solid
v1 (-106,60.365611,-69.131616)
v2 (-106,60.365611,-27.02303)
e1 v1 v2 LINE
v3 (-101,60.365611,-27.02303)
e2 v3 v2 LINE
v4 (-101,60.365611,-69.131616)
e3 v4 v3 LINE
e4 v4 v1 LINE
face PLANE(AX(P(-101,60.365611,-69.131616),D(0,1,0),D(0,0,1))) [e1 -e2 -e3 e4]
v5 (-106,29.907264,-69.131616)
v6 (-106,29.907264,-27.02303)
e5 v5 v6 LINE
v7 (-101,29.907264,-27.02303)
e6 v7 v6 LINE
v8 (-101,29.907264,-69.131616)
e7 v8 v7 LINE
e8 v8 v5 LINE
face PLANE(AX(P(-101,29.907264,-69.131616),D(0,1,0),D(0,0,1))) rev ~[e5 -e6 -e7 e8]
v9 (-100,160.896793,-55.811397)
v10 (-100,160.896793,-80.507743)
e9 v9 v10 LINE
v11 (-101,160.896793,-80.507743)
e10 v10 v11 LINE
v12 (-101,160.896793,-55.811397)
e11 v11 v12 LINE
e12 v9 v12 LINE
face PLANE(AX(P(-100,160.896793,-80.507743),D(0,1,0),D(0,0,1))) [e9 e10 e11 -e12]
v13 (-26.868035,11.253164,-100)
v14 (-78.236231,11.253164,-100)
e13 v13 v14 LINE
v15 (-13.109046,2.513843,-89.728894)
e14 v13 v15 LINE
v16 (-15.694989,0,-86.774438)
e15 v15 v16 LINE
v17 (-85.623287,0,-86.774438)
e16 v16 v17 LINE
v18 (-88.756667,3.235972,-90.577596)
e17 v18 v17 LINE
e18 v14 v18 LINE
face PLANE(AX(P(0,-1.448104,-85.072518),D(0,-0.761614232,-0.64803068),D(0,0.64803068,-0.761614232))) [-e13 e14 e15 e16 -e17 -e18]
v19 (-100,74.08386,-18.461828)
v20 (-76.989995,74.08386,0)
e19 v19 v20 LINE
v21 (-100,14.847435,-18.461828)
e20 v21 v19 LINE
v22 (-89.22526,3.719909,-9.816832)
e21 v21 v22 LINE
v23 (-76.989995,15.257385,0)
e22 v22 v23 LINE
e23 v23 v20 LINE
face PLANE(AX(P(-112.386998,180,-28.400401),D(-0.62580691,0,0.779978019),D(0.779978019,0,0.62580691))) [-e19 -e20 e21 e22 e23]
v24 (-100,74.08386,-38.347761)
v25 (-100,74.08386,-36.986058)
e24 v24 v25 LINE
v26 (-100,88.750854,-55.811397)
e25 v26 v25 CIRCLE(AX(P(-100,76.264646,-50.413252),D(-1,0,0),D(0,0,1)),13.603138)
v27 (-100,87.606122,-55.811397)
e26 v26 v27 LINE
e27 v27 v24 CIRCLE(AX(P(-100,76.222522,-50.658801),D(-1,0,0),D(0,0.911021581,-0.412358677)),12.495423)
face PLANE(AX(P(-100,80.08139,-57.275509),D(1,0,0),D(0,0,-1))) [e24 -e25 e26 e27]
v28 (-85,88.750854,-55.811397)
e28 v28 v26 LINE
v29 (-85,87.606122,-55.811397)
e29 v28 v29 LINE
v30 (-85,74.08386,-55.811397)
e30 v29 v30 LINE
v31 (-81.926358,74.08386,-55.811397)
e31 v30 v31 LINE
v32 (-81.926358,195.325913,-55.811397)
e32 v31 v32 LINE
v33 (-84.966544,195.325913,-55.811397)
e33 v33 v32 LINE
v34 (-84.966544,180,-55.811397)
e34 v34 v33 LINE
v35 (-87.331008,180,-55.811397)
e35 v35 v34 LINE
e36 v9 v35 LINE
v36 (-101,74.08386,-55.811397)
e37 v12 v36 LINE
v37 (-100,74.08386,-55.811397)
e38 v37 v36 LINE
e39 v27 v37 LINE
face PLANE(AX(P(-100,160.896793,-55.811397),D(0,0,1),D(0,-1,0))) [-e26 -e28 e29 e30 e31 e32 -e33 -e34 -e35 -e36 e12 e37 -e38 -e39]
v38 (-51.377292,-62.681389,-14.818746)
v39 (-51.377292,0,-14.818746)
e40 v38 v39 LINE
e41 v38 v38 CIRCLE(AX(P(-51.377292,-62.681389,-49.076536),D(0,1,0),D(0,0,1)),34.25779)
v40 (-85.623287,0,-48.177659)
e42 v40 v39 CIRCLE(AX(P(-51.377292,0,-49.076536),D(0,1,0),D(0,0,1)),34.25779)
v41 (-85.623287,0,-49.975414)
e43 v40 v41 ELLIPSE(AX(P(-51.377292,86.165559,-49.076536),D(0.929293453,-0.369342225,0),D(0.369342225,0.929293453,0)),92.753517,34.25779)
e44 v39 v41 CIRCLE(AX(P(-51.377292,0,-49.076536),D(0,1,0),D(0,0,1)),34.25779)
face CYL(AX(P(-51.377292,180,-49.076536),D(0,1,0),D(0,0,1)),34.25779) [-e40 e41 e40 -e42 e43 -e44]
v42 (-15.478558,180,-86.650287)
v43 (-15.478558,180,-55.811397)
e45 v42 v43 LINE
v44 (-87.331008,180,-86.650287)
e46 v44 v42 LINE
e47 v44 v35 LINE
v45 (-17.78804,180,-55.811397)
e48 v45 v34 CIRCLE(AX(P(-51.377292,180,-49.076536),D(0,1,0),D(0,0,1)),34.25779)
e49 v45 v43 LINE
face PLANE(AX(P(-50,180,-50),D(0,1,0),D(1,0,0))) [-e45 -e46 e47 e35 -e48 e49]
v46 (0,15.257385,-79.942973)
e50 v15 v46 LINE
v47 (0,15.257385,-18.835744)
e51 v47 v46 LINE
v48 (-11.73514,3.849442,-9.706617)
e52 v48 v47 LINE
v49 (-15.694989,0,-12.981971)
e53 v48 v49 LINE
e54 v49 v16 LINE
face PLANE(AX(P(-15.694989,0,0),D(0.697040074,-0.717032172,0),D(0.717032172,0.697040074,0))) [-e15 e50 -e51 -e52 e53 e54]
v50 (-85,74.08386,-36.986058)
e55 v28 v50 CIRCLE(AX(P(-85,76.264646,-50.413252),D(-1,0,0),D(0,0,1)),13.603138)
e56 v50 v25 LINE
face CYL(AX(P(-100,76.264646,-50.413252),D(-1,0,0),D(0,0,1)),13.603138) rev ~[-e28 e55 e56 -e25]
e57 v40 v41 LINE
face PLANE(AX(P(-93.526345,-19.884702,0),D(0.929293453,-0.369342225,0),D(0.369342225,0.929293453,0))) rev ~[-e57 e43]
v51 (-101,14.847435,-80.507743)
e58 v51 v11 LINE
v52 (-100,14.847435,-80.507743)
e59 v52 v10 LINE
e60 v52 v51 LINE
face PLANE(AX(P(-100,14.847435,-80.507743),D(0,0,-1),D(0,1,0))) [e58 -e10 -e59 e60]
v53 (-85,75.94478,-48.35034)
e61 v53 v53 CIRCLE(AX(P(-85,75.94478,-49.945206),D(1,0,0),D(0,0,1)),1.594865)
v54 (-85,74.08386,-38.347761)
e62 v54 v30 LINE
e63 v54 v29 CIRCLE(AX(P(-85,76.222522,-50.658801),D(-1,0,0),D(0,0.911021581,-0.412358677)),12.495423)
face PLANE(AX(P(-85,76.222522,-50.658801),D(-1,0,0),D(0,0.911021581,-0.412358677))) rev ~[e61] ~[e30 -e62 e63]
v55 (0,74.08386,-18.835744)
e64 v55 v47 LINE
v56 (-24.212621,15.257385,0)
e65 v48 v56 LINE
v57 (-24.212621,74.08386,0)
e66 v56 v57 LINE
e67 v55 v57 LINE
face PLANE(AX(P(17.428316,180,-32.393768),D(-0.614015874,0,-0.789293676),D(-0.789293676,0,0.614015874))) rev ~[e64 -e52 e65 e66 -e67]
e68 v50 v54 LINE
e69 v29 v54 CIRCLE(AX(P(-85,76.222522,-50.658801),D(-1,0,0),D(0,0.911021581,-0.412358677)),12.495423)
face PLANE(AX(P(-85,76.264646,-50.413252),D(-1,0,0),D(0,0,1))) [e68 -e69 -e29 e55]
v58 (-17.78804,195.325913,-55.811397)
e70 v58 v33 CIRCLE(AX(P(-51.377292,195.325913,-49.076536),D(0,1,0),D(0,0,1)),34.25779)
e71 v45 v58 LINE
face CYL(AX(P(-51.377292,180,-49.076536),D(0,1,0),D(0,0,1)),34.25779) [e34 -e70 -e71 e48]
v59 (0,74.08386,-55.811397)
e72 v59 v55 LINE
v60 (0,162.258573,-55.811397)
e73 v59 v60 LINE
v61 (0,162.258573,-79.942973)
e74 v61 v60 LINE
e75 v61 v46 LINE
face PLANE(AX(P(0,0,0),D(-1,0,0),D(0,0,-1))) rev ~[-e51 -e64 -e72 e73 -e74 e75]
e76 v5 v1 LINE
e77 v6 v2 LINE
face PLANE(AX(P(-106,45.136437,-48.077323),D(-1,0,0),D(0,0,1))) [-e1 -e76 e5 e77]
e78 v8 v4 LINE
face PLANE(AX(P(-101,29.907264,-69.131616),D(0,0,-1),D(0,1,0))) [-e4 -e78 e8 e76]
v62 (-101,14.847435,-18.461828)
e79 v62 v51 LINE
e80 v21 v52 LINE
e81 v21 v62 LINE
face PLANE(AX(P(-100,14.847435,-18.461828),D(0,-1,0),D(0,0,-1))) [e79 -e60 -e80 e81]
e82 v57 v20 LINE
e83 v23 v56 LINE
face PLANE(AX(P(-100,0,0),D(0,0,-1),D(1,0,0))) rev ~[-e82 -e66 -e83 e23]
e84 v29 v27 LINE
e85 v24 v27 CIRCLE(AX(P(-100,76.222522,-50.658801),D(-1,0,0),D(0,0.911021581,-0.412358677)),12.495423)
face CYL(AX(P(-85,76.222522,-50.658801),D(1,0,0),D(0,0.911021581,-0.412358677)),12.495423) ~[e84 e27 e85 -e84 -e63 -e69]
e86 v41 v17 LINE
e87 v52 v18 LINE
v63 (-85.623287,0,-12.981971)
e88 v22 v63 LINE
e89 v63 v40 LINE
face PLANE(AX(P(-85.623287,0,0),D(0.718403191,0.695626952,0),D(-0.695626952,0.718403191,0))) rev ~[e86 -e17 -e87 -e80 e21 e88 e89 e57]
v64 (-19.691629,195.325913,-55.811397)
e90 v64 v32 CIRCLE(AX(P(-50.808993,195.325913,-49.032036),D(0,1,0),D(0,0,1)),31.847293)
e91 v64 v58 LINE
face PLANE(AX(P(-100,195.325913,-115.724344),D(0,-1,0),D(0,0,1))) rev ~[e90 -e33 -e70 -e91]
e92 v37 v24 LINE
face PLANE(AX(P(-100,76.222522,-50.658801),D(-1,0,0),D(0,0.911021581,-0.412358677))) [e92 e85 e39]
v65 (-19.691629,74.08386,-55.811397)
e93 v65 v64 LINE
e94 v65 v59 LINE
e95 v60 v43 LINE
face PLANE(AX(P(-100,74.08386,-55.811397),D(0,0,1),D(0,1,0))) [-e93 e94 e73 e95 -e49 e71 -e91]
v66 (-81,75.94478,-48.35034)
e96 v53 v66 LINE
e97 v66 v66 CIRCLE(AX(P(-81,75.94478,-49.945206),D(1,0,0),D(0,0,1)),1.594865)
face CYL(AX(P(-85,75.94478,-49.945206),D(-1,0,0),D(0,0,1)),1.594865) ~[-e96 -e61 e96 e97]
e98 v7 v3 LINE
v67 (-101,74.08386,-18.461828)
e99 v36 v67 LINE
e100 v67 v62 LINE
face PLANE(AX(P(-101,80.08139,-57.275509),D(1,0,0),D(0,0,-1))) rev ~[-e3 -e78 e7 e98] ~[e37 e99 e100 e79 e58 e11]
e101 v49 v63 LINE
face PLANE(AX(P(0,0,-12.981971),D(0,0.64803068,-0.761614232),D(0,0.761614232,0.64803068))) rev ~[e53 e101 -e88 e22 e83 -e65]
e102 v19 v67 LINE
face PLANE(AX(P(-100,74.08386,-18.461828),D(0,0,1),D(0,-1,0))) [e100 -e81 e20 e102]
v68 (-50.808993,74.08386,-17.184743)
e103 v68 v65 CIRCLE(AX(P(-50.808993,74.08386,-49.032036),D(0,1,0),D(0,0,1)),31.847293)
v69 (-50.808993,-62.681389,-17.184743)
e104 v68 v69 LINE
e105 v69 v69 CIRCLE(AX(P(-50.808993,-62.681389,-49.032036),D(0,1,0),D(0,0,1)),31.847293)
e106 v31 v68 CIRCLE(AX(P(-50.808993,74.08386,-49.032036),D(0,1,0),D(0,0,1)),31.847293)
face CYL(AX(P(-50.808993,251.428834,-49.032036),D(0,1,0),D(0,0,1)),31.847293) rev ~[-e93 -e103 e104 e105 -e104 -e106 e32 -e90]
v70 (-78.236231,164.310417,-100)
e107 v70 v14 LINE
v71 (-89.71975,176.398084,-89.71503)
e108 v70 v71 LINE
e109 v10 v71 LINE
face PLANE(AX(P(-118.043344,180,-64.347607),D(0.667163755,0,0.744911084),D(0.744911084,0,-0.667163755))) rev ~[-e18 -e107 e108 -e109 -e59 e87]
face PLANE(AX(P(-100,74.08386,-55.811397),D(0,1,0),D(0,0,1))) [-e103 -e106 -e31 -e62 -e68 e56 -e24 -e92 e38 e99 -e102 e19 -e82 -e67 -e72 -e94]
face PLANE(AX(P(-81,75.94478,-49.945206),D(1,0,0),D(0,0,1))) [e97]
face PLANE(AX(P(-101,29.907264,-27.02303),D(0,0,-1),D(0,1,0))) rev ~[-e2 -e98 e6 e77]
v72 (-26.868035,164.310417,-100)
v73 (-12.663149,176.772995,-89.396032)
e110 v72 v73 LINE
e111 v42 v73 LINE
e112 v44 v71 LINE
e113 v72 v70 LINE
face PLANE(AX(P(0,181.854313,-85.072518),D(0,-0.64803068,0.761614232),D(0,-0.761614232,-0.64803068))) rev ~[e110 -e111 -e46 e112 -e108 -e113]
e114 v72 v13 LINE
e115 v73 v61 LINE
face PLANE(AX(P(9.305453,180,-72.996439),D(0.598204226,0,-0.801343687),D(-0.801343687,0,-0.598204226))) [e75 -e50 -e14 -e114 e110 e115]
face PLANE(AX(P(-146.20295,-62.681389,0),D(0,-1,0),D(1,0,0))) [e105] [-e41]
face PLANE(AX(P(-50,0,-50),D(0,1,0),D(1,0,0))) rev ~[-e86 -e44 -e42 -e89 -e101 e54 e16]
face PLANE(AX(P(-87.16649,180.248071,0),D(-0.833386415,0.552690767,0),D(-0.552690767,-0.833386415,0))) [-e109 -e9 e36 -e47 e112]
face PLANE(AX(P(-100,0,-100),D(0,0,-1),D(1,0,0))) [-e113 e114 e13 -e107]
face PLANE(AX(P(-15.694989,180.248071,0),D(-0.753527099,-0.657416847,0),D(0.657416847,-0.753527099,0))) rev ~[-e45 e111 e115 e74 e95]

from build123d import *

# Parameters (mm, degrees)
SKETCH1_W           = 100
SKETCH1_H           = 100
BOSS_EXTRUDE1_DEPTH = 180
SKETCH2_R           = 34.257790197
BOSS_EXTRUDE2_DEPTH = 350
SKETCH3_W           = 152.006357392
SKETCH3_H           = 282.452416457
CUT_EXTRUDE2_DEPTH  = 400
CUT_EXTRUDE3_DEPTH  = 400
CUT_EXTRUDE4_DEPTH  = 400
CUT_EXTRUDE5_DEPTH  = 400
SKETCH7_W           = 160.159381639
SKETCH7_H           = 147.362276113
CUT_EXTRUDE6_DEPTH  = 400
SKETCH8_W           = 147.310744502
SKETCH8_H           = 162.038906966
CUT_EXTRUDE7_DEPTH  = 400
SKETCH9_R           = 31.847293423
CUT_EXTRUDE8_DEPTH  = 400
SKETCH10_W          = 140.220962397
SKETCH10_H          = 212.033531124
CUT_EXTRUDE9_DEPTH  = 400
SKETCH11_R          = 13.603137886
CUT_EXTRUDE11_DEPTH = 15
SKETCH12_R          = 12.495422516
BOSS_EXTRUDE3_DEPTH = 15
SKETCH13_R          = 1.594865099
BOSS_EXTRUDE4_DEPTH = 4
SKETCH14_W          = 100.74862993
SKETCH14_H          = 110.555003588
CUT_EXTRUDE13_DEPTH = 400
BOSS_EXTRUDE5_DEPTH = 1
SKETCH16_W          = 42.108585165
SKETCH16_H          = 30.458347221
BOSS_EXTRUDE6_DEPTH = 5


with BuildPart() as part:
    # Sketch1 → Boss-Extrude1 (new body)
    with BuildSketch(Plane(origin=(0, 0, 0), x_dir=(1, 0, 0), z_dir=(0, 1, 0))):
        with Locations((-50, 50)):
            Rectangle(SKETCH1_W, SKETCH1_H)
    extrude(amount=BOSS_EXTRUDE1_DEPTH)

    # Sketch2 → Boss-Extrude2 (add, symmetric)
    with BuildSketch(Plane(origin=(0, 180, 0), x_dir=(1, 0, 0), z_dir=(0, 1, 0))):
        with Locations(Location((-51.377291833, 49.076536384, 0), (0, 0, 270))):
            Circle(SKETCH2_R)
    extrude(amount=BOSS_EXTRUDE2_DEPTH, both=True)

    # Sketch3 → Cut-Extrude2 (cut)
    with BuildSketch(Plane(origin=(0, 0, 0), x_dir=(0, 0, -1), z_dir=(1, 0, 0))):
        with Locations((57.419900112, 502.274302507)):
            Rectangle(SKETCH3_W, SKETCH3_H)
    extrude(amount=-CUT_EXTRUDE2_DEPTH, mode=Mode.SUBTRACT)

    # Sketch4 → Cut-Extrude3 (cut)
    with BuildSketch(Plane(origin=(0, 0, 0), x_dir=(0, 0, -1), z_dir=(1, 0, 0))):
        Polygon((12.981970869, 0), (-8.994244796, 25.828096003), (-18.564506014, -15.259465835), align=None)
        Polygon((85.072517936, -1.448103984), (109.237639161, 19.113145112), (115.920034239, -3.267382694), align=None)
        Polygon((12.981970869, 180), (-8.994244796, 148.537596011), (-15.418178585, 193.219274892), align=None)
        Polygon((85.072517936, 181.854312784), (103.841225373, 159.795920888), (106.132549481, 198.647393934), align=None)
    extrude(amount=-CUT_EXTRUDE3_DEPTH, mode=Mode.SUBTRACT)

    # Sketch5 → Cut-Extrude4 (cut)
    with BuildSketch(Plane.XY):
        Polygon((-85.623287335, 0), (-106.370377984, 21.426392531), (-122.288861874, 3.209259887), (-93.526345261, -19.884701759), align=None)
        Polygon((-15.694988751, 0), (0, 15.257385304), (12.122677088, 15.257385304), (10.563067769, -19.884701759), align=None)
        Polygon((-87.166490339, 180.248071029), (-106.370377984, 151.29108453), (-117.705469457, 200.501115102), align=None)
        Polygon((-15.694988751, 180.248071029), (7.833767065, 153.279557508), (0, 193.941208308), align=None)
    extrude(amount=-CUT_EXTRUDE4_DEPTH, mode=Mode.SUBTRACT)

    # Sketch6 → Cut-Extrude5 (cut)
    with BuildSketch(Plane(origin=(0, 180, 0), x_dir=(1, 0, 0), z_dir=(0, 1, 0))):
        Polygon((-112.386997555, 28.400400964), (-64.261264503, -10.212759359), (-84.406366528, -15.51192827), (-124.649689542, -15.51192827), align=None)
        Polygon((-97.065537028, 135.861756084), (-119.37552445, 77.792688888), (-118.043343626, 64.347606737), (-66.428694172, 110.575168787), align=None)
        Polygon((-24.69640689, -21.815840769), (11.092108798, -8.97361337), (17.428316417, 32.393768119), (-38.531576846, -11.139157378), align=None)
        Polygon((-17.445484601, 140.804394854), (35.417473102, 107.262520599), (9.305452855, 72.996438725), (-31.724385352, 103.625272537), align=None)
    extrude(amount=-CUT_EXTRUDE5_DEPTH, mode=Mode.SUBTRACT)

    # Sketch7 → Cut-Extrude6 (cut)
    with BuildSketch(Plane.XY):
        with Locations((-66.123258915, -136.36252694)):
            Rectangle(SKETCH7_W, SKETCH7_H)
    extrude(amount=-CUT_EXTRUDE6_DEPTH, mode=Mode.SUBTRACT)

    # Sketch8 → Cut-Extrude7 (cut)
    with BuildSketch(Plane.XY):
        with Locations((-53.541153336, 332.448287589)):
            Rectangle(SKETCH8_W, SKETCH8_H)
    extrude(amount=-CUT_EXTRUDE7_DEPTH, mode=Mode.SUBTRACT)

    # Sketch9 → Cut-Extrude8 (cut)
    with BuildSketch(Plane(origin=(0, 251.428834106, 0), x_dir=(1, 0, 0), z_dir=(0, 1, 0))):
        with Locations(Location((-50.808993157, 49.032036374, 0), (0, 0, 270))):
            Circle(SKETCH9_R)
    extrude(amount=-CUT_EXTRUDE8_DEPTH, mode=Mode.SUBTRACT)

    # Sketch10 → Cut-Extrude9 (cut)
    with BuildSketch(Plane.ZY.offset(100)):
        with Locations((14.299084536, 180.100625535)):
            Rectangle(SKETCH10_W, SKETCH10_H)
    extrude(amount=-CUT_EXTRUDE9_DEPTH, mode=Mode.SUBTRACT)

    # Sketch11 → Cut-Extrude11 (cut)
    with BuildSketch(Plane.ZY.offset(100)):
        with Locations((-50.413251954, 76.264646142)):
            Circle(SKETCH11_R)
    extrude(amount=-CUT_EXTRUDE11_DEPTH, mode=Mode.SUBTRACT)

    # Sketch12 → Boss-Extrude3 (add)
    with BuildSketch(Plane.ZY.offset(85)):
        with Locations(Location((-50.658800768, 76.222522328, 0), (0, 0, 114.353089558))):
            Circle(SKETCH12_R)
    extrude(amount=BOSS_EXTRUDE3_DEPTH)

    # Sketch13 → Boss-Extrude4 (add)
    with BuildSketch(Plane(origin=(-85, 0, 0), x_dir=(0, 0, -1), z_dir=(1, 0, 0))):
        with Locations(Location((49.945205578, 75.944780088, 0), (0, 0, 180))):
            Circle(SKETCH13_R)
    extrude(amount=BOSS_EXTRUDE4_DEPTH)

    # Sketch14 → Cut-Extrude13 (cut)
    with BuildSketch(Plane.ZY.offset(100)):
        with Locations((-65.350029467, 250.603414818)):
            Rectangle(SKETCH14_W, SKETCH14_H)
    extrude(amount=-CUT_EXTRUDE13_DEPTH, mode=Mode.SUBTRACT)

    # Sketch15 → Boss-Extrude5 (add)
    with BuildSketch(Plane.ZY.offset(100)):
        Polygon((-18.461827727, 14.847435435), (-80.507743362, 14.847435435), (-80.507743362, 160.896793159), (-55.811396663, 160.896793159), (-55.811396663, 74.083859973), (-18.461827727, 74.083859973), align=None)
    extrude(amount=BOSS_EXTRUDE5_DEPTH)

    # Sketch16 → Boss-Extrude6 (add)
    with BuildSketch(Plane.ZY.offset(101)):
        with Locations((-48.07732297, 45.136437142)):
            Rectangle(SKETCH16_W, SKETCH16_H)
    extrude(amount=BOSS_EXTRUDE6_DEPTH)


solid = part.part
